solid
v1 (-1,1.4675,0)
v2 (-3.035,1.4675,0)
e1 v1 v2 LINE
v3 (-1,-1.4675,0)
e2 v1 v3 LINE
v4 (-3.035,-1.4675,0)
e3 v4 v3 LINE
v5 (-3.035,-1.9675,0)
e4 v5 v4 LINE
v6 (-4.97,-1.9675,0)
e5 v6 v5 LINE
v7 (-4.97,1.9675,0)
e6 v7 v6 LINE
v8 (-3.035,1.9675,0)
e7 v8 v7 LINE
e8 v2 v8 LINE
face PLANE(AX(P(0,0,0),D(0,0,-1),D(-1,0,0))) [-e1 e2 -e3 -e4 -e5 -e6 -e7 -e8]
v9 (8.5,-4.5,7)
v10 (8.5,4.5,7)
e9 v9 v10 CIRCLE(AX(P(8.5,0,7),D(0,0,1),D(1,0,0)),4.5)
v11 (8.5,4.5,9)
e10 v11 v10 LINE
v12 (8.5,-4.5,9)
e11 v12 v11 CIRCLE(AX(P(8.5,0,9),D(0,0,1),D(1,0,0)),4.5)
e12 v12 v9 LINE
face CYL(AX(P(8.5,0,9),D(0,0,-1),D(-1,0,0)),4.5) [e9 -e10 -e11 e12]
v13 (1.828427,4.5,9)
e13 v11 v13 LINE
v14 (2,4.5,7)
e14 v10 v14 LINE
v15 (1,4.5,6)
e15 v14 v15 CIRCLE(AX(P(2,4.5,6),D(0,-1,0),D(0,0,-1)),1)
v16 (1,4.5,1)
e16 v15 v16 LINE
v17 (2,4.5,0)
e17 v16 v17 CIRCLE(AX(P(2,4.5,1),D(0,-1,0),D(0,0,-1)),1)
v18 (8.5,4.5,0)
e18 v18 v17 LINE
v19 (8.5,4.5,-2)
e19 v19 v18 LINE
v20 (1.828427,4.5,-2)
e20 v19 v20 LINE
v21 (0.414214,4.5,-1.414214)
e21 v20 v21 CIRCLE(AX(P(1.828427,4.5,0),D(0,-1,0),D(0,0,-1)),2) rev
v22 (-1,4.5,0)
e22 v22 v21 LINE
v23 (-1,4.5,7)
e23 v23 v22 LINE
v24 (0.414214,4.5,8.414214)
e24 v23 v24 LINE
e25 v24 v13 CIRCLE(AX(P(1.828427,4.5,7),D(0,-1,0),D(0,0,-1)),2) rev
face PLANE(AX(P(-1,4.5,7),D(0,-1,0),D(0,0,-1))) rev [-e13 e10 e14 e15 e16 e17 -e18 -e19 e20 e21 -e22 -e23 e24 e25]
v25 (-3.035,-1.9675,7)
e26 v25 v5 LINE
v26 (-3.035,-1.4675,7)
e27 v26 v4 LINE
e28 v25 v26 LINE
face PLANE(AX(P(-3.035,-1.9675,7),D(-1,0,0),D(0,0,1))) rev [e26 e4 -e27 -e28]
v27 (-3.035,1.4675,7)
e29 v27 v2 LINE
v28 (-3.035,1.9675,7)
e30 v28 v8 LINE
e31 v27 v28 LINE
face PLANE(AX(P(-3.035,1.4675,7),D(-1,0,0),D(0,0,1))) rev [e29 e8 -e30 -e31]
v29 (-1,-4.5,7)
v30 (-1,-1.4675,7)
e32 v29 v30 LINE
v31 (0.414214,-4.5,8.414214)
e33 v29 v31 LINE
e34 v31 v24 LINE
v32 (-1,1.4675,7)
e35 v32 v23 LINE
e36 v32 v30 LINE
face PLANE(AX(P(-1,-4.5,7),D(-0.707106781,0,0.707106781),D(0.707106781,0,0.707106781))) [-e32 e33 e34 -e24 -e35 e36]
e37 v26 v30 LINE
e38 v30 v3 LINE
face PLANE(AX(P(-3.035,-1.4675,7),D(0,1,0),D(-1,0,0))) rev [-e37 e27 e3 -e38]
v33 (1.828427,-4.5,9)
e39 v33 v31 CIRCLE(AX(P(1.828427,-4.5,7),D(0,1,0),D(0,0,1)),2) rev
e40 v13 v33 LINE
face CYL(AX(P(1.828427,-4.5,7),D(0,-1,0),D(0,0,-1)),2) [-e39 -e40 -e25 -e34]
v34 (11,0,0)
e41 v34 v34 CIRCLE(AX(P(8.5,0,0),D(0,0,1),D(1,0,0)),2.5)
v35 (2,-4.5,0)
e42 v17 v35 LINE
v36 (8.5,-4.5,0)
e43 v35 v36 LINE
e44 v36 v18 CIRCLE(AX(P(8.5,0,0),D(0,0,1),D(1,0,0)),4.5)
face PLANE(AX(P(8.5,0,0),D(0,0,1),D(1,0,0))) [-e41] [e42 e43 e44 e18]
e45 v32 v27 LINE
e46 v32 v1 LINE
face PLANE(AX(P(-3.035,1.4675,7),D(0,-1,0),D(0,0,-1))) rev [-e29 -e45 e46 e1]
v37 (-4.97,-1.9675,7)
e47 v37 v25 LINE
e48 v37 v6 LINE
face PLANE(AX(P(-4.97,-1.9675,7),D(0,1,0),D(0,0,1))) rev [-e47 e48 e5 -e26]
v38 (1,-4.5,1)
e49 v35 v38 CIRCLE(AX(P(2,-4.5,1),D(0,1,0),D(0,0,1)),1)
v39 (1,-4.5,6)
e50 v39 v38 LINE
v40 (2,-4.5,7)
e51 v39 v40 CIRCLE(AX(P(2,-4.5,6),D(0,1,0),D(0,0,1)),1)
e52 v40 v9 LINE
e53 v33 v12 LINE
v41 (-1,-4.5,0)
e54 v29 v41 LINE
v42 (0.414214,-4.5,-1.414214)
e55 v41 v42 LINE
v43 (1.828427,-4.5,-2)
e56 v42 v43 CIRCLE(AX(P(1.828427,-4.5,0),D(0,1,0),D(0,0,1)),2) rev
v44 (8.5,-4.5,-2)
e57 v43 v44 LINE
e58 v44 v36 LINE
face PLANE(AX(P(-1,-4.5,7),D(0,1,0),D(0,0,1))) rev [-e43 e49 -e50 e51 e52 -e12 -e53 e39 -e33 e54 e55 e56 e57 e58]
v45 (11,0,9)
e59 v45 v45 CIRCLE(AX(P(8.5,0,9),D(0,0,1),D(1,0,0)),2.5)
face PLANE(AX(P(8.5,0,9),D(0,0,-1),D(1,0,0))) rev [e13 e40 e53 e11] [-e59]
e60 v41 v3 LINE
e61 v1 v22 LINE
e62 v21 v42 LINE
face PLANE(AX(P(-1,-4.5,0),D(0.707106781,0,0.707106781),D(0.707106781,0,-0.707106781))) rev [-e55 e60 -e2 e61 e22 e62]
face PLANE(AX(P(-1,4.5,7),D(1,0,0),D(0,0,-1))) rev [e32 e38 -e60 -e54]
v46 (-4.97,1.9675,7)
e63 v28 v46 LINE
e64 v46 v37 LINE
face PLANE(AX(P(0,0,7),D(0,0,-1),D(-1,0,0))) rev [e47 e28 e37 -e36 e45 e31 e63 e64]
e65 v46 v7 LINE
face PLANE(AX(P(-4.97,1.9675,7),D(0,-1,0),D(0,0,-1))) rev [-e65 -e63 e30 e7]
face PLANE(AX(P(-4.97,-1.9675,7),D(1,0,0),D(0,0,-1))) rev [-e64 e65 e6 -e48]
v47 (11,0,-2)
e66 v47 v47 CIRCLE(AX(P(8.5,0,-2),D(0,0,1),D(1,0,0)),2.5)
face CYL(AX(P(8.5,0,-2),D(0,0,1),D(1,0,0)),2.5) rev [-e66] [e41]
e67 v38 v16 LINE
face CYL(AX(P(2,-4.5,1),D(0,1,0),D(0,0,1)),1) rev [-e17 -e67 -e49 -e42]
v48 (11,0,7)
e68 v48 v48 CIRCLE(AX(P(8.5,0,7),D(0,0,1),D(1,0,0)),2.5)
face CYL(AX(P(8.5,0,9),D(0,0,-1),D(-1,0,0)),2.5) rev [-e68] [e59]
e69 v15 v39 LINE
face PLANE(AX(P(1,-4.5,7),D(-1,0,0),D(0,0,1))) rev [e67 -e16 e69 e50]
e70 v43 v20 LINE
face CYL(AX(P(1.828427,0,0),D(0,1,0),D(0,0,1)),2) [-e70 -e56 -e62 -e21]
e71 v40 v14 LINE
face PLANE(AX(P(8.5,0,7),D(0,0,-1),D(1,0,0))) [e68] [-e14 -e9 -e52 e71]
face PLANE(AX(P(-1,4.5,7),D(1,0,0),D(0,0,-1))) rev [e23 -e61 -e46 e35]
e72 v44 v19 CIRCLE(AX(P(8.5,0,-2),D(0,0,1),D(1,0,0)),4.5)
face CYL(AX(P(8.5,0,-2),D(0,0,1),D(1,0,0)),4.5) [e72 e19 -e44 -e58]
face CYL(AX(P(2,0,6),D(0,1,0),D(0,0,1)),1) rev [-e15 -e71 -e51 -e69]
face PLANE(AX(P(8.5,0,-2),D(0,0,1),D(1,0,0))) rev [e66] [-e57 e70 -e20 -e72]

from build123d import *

# Parameters (mm, degrees)
SKETCH1_W                = 2
SKETCH1_H                = 9
BOSS_EXTRUDE2_DEPTH      = 7
BOSS_EXTRUDE4_DEPTH      = 3.5
BOSS_EXTRUDE4_DEPTH_BACK = 3.5
SKETCH2_R                = 2.5
BOSS_EXTRUDE3_DEPTH      = 2
CUT_EXTRUDE3_DEPTH       = 18.291616466
FILLET1_R                = 1
FILLET2_R                = 2
FILLET2_OF_MIRROR2_R     = 2
FILLET3_R                = 1


with BuildPart() as part:
    # Sketch1 → Boss-Extrude2 (new body)
    with BuildSketch(Plane.XY):
        Rectangle(SKETCH1_W, SKETCH1_H)
    boss_extrude2 = extrude(amount=BOSS_EXTRUDE2_DEPTH)

    # Sketch5 → Boss-Extrude4 (add, two sides: drawn at the far end of the back side and taken through both)
    with BuildSketch(Plane.XY.offset(3.5).offset(-BOSS_EXTRUDE4_DEPTH_BACK)):
        Polygon((-3.035, -1.4675), (-1, -1.4675), (-1, 1.4675), (-3.035, 1.4675), (-3.035, 1.9675), (-4.97, 1.9675), (-4.97, -1.9675), (-3.035, -1.9675), align=None)
    extrude(amount=BOSS_EXTRUDE4_DEPTH + BOSS_EXTRUDE4_DEPTH_BACK)

    # Sketch2 → Boss-Extrude3 (add)
    with BuildSketch(Plane.XY):
        with BuildLine():
            Line((-1, 4.5), (8.5, 4.5))
            ThreePointArc((8.5, 4.5), (13, 0), (8.5, -4.5))
            Line((8.5, -4.5), (-1, -4.5))
            Line((-1, -4.5), (-1, 4.5))
        make_face()
        with Locations((8.5, 0)):
            Circle(SKETCH2_R, mode=Mode.SUBTRACT)
    boss_extrude3 = extrude(amount=-BOSS_EXTRUDE3_DEPTH)

    # Sketch4 → Cut-Extrude3 (cut, through all)
    with BuildSketch(Plane(origin=(0, 4.5, 0), x_dir=(1, 0, 0), z_dir=(0, 1, 0))):
        Polygon((-1, 0), (1, 2), (-1, 2), align=None)
    cut_extrude3 = extrude(amount=-CUT_EXTRUDE3_DEPTH, mode=Mode.SUBTRACT)

    # Fillet1
    fillet1_edges = [part.edges().sort_by_distance(p)[0] for p in [
        (1, 0, 0),
    ]]
    fillet(fillet1_edges, radius=FILLET1_R)

    # Fillet2
    fillet2_edges = [part.edges().sort_by_distance(p)[0] for p in [
        (1, 0, -2),
    ]]
    fillet(fillet2_edges, radius=FILLET2_R)

    # Mirror2: Boss-Extrude2, Boss-Extrude3, Cut-Extrude3 across plane
    add(boss_extrude2.mirror(Plane.XY.offset(3.5)))
    add(boss_extrude3.mirror(Plane.XY.offset(3.5)))
    add(cut_extrude3.mirror(Plane.XY.offset(3.5)), mode=Mode.SUBTRACT)

    # Fillet2 of Mirror2
    fillet2_of_mirror2_edges = [part.edges().sort_by_distance(p)[0] for p in [
        (1, 0, 9),
    ]]
    fillet(fillet2_of_mirror2_edges, radius=FILLET2_OF_MIRROR2_R)

    # Fillet3
    fillet3_edges = [part.edges().sort_by_distance(p)[0] for p in [
        (1, 0, 7),
    ]]
    fillet(fillet3_edges, radius=FILLET3_R)


solid = part.part
